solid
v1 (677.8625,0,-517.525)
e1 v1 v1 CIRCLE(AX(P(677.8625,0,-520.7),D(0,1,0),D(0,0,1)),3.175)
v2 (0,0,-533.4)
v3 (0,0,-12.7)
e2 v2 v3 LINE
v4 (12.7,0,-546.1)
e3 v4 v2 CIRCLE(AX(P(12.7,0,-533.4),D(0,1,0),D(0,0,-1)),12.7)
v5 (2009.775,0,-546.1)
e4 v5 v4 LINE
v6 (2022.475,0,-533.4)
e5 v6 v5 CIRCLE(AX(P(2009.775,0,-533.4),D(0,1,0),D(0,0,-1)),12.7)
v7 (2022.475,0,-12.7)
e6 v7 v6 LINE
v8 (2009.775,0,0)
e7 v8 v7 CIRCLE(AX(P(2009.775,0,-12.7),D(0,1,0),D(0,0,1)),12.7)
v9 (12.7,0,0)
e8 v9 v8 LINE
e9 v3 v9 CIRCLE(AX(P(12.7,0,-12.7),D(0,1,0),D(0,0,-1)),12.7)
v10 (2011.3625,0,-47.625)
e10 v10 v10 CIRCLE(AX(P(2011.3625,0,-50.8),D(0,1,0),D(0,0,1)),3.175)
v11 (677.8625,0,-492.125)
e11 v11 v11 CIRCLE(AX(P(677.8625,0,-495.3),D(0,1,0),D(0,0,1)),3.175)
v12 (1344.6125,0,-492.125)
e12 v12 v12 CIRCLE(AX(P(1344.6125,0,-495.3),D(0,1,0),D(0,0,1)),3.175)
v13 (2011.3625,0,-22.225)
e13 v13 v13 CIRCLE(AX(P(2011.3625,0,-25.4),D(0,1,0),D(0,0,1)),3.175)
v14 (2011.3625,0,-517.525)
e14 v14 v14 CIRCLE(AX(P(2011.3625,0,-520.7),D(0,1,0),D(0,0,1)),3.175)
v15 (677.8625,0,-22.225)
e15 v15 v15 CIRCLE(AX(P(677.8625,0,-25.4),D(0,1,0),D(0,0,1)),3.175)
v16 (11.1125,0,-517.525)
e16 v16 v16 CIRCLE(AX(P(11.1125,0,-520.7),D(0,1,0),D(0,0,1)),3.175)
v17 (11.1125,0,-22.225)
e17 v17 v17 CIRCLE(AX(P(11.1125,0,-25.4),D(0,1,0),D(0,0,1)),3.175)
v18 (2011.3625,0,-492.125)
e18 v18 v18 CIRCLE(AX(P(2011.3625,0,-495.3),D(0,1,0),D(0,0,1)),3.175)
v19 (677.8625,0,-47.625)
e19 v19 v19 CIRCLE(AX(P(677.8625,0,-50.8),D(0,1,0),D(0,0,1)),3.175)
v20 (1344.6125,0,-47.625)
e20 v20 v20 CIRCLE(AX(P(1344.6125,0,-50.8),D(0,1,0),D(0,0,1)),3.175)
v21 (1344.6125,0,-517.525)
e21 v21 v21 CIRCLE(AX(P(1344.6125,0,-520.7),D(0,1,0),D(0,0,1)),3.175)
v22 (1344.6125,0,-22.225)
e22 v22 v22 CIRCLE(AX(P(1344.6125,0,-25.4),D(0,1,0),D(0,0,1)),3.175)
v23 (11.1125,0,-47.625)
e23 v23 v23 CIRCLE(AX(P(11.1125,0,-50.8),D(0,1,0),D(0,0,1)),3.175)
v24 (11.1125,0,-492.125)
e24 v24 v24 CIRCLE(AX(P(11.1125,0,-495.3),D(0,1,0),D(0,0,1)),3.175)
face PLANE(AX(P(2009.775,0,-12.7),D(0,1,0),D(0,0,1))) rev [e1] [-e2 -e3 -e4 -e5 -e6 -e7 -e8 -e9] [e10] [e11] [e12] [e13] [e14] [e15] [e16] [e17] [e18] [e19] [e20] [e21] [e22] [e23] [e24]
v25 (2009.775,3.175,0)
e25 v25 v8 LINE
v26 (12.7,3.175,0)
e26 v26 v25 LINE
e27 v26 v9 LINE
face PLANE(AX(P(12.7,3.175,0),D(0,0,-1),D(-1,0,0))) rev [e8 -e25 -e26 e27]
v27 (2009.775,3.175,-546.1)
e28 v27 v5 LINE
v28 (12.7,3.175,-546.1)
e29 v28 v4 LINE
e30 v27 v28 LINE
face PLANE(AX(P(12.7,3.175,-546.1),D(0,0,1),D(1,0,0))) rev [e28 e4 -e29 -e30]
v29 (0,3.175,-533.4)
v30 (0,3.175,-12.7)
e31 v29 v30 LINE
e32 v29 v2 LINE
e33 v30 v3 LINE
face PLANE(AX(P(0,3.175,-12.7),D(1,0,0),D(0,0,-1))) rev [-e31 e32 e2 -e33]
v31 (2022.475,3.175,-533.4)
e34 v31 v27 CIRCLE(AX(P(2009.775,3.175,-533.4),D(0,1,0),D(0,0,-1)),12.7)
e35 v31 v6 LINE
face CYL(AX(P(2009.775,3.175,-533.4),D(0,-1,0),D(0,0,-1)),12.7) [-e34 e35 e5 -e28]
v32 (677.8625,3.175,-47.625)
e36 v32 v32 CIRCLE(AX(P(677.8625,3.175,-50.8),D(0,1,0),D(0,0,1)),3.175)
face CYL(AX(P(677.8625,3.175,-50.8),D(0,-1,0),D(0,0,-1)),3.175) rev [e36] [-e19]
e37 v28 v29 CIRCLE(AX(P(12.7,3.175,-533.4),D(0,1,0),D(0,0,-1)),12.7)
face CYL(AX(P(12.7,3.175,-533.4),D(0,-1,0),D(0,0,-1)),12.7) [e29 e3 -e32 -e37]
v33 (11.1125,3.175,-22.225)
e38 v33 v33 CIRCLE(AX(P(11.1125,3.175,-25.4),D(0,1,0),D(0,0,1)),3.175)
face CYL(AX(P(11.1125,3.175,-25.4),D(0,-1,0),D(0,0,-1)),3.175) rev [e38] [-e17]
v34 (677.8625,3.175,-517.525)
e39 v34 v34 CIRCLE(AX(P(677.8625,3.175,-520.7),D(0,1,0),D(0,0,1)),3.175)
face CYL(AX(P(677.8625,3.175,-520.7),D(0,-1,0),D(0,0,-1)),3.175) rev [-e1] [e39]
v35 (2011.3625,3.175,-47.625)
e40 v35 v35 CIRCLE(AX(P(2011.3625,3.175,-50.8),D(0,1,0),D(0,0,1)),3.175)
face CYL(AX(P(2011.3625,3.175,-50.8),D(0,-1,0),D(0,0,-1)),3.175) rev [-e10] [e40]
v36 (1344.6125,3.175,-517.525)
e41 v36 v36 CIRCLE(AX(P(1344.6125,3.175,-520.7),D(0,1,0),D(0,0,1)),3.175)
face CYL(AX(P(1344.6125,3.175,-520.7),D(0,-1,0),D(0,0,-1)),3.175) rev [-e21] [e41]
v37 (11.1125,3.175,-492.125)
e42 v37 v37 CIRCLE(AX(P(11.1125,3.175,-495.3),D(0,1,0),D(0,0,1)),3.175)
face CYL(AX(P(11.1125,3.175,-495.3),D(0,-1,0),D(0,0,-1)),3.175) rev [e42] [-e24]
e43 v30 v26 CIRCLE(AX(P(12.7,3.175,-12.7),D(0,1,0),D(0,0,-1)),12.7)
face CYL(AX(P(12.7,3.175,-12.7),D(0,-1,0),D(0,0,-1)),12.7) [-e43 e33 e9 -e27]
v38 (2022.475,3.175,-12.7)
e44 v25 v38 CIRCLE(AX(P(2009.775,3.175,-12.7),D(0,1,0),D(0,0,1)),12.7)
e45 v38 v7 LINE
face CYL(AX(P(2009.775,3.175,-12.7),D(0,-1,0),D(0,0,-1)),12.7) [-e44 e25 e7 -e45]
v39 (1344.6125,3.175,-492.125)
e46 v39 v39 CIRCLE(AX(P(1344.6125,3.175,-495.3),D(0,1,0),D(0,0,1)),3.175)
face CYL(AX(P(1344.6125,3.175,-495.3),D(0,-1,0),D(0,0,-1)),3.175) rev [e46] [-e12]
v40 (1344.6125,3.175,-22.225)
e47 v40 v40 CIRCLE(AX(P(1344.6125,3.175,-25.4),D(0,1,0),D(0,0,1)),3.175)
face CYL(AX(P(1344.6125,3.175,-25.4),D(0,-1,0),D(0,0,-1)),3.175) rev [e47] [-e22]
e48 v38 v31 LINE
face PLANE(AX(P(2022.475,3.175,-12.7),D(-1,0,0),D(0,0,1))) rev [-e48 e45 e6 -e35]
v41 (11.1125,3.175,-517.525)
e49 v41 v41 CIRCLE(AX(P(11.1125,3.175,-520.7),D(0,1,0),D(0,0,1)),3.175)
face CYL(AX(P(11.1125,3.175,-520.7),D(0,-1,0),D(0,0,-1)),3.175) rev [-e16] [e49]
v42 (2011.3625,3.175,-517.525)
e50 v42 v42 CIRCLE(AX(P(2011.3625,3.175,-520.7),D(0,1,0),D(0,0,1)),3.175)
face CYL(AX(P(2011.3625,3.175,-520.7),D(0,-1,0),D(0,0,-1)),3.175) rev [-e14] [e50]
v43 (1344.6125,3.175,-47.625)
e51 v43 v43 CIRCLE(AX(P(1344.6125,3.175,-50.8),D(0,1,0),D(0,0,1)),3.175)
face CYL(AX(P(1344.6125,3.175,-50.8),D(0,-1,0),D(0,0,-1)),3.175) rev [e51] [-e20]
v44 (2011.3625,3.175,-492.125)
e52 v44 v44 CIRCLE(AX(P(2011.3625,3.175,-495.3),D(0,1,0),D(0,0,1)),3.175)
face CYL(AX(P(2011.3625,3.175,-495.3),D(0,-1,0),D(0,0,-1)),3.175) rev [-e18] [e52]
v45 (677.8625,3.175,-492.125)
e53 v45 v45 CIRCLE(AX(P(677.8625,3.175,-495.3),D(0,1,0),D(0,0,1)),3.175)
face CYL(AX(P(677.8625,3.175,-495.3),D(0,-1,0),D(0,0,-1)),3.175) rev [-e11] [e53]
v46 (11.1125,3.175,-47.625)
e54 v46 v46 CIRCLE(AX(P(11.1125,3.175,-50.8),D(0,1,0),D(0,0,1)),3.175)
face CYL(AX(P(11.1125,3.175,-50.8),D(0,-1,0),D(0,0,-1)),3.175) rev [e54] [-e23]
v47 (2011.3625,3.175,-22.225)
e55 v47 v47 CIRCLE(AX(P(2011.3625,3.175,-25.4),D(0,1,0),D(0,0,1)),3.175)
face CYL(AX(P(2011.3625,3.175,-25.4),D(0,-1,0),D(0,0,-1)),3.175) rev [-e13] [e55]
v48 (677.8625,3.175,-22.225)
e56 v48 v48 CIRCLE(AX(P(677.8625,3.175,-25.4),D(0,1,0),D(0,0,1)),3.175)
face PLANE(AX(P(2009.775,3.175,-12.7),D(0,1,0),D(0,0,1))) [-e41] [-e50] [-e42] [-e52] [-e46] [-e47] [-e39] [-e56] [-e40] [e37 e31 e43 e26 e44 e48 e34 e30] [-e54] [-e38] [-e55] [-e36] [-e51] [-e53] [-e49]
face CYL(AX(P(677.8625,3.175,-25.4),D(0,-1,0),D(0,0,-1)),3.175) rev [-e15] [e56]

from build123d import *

# Parameters (mm, degrees)
SKETCH1_R           = 3.175
BOSS_EXTRUDE1_DEPTH = 3.175


with BuildPart() as part:
    # Sketch1 → Boss-Extrude1 (new body)
    with BuildSketch(Plane(origin=(0, 0, 0), x_dir=(1, 0, 0), z_dir=(0, 1, 0))):
        with BuildLine():
            Line((12.7, 0), (2009.775, 0))
            ThreePointArc((2009.775, 0), (2018.755256121, 3.719743879), (2022.475, 12.7))
            Line((2022.475, 12.7), (2022.475, 533.4))
            ThreePointArc((2022.475, 533.4), (2018.755256121, 542.380256121), (2009.775, 546.1))
            Line((2009.775, 546.1), (12.7, 546.1))
            ThreePointArc((12.7, 546.1), (3.719743879, 542.380256121), (0, 533.4))
            Line((0, 533.4), (0, 12.7))
            ThreePointArc((0, 12.7), (3.719743879, 3.719743879), (12.7, 0))
        make_face()
        with Locations(Location((11.1125, 520.7, 0), (0, 0, 270))):
            Circle(SKETCH1_R, mode=Mode.SUBTRACT)
        with Locations(Location((11.1125, 495.3, 0), (0, 0, 270))):
            Circle(SKETCH1_R, mode=Mode.SUBTRACT)
        with Locations(Location((11.1125, 50.8, 0), (0, 0, 270))):
            Circle(SKETCH1_R, mode=Mode.SUBTRACT)
        with Locations(Location((11.1125, 25.4, 0), (0, 0, 270))):
            Circle(SKETCH1_R, mode=Mode.SUBTRACT)
        with Locations(Location((677.8625, 520.7, 0), (0, 0, 270))):
            Circle(SKETCH1_R, mode=Mode.SUBTRACT)
        with Locations(Location((677.8625, 495.3, 0), (0, 0, 270))):
            Circle(SKETCH1_R, mode=Mode.SUBTRACT)
        with Locations(Location((677.8625, 50.8, 0), (0, 0, 270))):
            Circle(SKETCH1_R, mode=Mode.SUBTRACT)
        with Locations(Location((677.8625, 25.4, 0), (0, 0, 270))):
            Circle(SKETCH1_R, mode=Mode.SUBTRACT)
        with Locations(Location((1344.6125, 520.7, 0), (0, 0, 270))):
            Circle(SKETCH1_R, mode=Mode.SUBTRACT)
        with Locations(Location((1344.6125, 495.3, 0), (0, 0, 270))):
            Circle(SKETCH1_R, mode=Mode.SUBTRACT)
        with Locations(Location((1344.6125, 50.8, 0), (0, 0, 270))):
            Circle(SKETCH1_R, mode=Mode.SUBTRACT)
        with Locations(Location((1344.6125, 25.4, 0), (0, 0, 270))):
            Circle(SKETCH1_R, mode=Mode.SUBTRACT)
        with Locations(Location((2011.3625, 520.7, 0), (0, 0, 270))):
            Circle(SKETCH1_R, mode=Mode.SUBTRACT)
        with Locations(Location((2011.3625, 495.3, 0), (0, 0, 270))):
            Circle(SKETCH1_R, mode=Mode.SUBTRACT)
        with Locations(Location((2011.3625, 50.8, 0), (0, 0, 270))):
            Circle(SKETCH1_R, mode=Mode.SUBTRACT)
        with Locations(Location((2011.3625, 25.4, 0), (0, 0, 270))):
            Circle(SKETCH1_R, mode=Mode.SUBTRACT)
    extrude(amount=BOSS_EXTRUDE1_DEPTH)


solid = part.part
